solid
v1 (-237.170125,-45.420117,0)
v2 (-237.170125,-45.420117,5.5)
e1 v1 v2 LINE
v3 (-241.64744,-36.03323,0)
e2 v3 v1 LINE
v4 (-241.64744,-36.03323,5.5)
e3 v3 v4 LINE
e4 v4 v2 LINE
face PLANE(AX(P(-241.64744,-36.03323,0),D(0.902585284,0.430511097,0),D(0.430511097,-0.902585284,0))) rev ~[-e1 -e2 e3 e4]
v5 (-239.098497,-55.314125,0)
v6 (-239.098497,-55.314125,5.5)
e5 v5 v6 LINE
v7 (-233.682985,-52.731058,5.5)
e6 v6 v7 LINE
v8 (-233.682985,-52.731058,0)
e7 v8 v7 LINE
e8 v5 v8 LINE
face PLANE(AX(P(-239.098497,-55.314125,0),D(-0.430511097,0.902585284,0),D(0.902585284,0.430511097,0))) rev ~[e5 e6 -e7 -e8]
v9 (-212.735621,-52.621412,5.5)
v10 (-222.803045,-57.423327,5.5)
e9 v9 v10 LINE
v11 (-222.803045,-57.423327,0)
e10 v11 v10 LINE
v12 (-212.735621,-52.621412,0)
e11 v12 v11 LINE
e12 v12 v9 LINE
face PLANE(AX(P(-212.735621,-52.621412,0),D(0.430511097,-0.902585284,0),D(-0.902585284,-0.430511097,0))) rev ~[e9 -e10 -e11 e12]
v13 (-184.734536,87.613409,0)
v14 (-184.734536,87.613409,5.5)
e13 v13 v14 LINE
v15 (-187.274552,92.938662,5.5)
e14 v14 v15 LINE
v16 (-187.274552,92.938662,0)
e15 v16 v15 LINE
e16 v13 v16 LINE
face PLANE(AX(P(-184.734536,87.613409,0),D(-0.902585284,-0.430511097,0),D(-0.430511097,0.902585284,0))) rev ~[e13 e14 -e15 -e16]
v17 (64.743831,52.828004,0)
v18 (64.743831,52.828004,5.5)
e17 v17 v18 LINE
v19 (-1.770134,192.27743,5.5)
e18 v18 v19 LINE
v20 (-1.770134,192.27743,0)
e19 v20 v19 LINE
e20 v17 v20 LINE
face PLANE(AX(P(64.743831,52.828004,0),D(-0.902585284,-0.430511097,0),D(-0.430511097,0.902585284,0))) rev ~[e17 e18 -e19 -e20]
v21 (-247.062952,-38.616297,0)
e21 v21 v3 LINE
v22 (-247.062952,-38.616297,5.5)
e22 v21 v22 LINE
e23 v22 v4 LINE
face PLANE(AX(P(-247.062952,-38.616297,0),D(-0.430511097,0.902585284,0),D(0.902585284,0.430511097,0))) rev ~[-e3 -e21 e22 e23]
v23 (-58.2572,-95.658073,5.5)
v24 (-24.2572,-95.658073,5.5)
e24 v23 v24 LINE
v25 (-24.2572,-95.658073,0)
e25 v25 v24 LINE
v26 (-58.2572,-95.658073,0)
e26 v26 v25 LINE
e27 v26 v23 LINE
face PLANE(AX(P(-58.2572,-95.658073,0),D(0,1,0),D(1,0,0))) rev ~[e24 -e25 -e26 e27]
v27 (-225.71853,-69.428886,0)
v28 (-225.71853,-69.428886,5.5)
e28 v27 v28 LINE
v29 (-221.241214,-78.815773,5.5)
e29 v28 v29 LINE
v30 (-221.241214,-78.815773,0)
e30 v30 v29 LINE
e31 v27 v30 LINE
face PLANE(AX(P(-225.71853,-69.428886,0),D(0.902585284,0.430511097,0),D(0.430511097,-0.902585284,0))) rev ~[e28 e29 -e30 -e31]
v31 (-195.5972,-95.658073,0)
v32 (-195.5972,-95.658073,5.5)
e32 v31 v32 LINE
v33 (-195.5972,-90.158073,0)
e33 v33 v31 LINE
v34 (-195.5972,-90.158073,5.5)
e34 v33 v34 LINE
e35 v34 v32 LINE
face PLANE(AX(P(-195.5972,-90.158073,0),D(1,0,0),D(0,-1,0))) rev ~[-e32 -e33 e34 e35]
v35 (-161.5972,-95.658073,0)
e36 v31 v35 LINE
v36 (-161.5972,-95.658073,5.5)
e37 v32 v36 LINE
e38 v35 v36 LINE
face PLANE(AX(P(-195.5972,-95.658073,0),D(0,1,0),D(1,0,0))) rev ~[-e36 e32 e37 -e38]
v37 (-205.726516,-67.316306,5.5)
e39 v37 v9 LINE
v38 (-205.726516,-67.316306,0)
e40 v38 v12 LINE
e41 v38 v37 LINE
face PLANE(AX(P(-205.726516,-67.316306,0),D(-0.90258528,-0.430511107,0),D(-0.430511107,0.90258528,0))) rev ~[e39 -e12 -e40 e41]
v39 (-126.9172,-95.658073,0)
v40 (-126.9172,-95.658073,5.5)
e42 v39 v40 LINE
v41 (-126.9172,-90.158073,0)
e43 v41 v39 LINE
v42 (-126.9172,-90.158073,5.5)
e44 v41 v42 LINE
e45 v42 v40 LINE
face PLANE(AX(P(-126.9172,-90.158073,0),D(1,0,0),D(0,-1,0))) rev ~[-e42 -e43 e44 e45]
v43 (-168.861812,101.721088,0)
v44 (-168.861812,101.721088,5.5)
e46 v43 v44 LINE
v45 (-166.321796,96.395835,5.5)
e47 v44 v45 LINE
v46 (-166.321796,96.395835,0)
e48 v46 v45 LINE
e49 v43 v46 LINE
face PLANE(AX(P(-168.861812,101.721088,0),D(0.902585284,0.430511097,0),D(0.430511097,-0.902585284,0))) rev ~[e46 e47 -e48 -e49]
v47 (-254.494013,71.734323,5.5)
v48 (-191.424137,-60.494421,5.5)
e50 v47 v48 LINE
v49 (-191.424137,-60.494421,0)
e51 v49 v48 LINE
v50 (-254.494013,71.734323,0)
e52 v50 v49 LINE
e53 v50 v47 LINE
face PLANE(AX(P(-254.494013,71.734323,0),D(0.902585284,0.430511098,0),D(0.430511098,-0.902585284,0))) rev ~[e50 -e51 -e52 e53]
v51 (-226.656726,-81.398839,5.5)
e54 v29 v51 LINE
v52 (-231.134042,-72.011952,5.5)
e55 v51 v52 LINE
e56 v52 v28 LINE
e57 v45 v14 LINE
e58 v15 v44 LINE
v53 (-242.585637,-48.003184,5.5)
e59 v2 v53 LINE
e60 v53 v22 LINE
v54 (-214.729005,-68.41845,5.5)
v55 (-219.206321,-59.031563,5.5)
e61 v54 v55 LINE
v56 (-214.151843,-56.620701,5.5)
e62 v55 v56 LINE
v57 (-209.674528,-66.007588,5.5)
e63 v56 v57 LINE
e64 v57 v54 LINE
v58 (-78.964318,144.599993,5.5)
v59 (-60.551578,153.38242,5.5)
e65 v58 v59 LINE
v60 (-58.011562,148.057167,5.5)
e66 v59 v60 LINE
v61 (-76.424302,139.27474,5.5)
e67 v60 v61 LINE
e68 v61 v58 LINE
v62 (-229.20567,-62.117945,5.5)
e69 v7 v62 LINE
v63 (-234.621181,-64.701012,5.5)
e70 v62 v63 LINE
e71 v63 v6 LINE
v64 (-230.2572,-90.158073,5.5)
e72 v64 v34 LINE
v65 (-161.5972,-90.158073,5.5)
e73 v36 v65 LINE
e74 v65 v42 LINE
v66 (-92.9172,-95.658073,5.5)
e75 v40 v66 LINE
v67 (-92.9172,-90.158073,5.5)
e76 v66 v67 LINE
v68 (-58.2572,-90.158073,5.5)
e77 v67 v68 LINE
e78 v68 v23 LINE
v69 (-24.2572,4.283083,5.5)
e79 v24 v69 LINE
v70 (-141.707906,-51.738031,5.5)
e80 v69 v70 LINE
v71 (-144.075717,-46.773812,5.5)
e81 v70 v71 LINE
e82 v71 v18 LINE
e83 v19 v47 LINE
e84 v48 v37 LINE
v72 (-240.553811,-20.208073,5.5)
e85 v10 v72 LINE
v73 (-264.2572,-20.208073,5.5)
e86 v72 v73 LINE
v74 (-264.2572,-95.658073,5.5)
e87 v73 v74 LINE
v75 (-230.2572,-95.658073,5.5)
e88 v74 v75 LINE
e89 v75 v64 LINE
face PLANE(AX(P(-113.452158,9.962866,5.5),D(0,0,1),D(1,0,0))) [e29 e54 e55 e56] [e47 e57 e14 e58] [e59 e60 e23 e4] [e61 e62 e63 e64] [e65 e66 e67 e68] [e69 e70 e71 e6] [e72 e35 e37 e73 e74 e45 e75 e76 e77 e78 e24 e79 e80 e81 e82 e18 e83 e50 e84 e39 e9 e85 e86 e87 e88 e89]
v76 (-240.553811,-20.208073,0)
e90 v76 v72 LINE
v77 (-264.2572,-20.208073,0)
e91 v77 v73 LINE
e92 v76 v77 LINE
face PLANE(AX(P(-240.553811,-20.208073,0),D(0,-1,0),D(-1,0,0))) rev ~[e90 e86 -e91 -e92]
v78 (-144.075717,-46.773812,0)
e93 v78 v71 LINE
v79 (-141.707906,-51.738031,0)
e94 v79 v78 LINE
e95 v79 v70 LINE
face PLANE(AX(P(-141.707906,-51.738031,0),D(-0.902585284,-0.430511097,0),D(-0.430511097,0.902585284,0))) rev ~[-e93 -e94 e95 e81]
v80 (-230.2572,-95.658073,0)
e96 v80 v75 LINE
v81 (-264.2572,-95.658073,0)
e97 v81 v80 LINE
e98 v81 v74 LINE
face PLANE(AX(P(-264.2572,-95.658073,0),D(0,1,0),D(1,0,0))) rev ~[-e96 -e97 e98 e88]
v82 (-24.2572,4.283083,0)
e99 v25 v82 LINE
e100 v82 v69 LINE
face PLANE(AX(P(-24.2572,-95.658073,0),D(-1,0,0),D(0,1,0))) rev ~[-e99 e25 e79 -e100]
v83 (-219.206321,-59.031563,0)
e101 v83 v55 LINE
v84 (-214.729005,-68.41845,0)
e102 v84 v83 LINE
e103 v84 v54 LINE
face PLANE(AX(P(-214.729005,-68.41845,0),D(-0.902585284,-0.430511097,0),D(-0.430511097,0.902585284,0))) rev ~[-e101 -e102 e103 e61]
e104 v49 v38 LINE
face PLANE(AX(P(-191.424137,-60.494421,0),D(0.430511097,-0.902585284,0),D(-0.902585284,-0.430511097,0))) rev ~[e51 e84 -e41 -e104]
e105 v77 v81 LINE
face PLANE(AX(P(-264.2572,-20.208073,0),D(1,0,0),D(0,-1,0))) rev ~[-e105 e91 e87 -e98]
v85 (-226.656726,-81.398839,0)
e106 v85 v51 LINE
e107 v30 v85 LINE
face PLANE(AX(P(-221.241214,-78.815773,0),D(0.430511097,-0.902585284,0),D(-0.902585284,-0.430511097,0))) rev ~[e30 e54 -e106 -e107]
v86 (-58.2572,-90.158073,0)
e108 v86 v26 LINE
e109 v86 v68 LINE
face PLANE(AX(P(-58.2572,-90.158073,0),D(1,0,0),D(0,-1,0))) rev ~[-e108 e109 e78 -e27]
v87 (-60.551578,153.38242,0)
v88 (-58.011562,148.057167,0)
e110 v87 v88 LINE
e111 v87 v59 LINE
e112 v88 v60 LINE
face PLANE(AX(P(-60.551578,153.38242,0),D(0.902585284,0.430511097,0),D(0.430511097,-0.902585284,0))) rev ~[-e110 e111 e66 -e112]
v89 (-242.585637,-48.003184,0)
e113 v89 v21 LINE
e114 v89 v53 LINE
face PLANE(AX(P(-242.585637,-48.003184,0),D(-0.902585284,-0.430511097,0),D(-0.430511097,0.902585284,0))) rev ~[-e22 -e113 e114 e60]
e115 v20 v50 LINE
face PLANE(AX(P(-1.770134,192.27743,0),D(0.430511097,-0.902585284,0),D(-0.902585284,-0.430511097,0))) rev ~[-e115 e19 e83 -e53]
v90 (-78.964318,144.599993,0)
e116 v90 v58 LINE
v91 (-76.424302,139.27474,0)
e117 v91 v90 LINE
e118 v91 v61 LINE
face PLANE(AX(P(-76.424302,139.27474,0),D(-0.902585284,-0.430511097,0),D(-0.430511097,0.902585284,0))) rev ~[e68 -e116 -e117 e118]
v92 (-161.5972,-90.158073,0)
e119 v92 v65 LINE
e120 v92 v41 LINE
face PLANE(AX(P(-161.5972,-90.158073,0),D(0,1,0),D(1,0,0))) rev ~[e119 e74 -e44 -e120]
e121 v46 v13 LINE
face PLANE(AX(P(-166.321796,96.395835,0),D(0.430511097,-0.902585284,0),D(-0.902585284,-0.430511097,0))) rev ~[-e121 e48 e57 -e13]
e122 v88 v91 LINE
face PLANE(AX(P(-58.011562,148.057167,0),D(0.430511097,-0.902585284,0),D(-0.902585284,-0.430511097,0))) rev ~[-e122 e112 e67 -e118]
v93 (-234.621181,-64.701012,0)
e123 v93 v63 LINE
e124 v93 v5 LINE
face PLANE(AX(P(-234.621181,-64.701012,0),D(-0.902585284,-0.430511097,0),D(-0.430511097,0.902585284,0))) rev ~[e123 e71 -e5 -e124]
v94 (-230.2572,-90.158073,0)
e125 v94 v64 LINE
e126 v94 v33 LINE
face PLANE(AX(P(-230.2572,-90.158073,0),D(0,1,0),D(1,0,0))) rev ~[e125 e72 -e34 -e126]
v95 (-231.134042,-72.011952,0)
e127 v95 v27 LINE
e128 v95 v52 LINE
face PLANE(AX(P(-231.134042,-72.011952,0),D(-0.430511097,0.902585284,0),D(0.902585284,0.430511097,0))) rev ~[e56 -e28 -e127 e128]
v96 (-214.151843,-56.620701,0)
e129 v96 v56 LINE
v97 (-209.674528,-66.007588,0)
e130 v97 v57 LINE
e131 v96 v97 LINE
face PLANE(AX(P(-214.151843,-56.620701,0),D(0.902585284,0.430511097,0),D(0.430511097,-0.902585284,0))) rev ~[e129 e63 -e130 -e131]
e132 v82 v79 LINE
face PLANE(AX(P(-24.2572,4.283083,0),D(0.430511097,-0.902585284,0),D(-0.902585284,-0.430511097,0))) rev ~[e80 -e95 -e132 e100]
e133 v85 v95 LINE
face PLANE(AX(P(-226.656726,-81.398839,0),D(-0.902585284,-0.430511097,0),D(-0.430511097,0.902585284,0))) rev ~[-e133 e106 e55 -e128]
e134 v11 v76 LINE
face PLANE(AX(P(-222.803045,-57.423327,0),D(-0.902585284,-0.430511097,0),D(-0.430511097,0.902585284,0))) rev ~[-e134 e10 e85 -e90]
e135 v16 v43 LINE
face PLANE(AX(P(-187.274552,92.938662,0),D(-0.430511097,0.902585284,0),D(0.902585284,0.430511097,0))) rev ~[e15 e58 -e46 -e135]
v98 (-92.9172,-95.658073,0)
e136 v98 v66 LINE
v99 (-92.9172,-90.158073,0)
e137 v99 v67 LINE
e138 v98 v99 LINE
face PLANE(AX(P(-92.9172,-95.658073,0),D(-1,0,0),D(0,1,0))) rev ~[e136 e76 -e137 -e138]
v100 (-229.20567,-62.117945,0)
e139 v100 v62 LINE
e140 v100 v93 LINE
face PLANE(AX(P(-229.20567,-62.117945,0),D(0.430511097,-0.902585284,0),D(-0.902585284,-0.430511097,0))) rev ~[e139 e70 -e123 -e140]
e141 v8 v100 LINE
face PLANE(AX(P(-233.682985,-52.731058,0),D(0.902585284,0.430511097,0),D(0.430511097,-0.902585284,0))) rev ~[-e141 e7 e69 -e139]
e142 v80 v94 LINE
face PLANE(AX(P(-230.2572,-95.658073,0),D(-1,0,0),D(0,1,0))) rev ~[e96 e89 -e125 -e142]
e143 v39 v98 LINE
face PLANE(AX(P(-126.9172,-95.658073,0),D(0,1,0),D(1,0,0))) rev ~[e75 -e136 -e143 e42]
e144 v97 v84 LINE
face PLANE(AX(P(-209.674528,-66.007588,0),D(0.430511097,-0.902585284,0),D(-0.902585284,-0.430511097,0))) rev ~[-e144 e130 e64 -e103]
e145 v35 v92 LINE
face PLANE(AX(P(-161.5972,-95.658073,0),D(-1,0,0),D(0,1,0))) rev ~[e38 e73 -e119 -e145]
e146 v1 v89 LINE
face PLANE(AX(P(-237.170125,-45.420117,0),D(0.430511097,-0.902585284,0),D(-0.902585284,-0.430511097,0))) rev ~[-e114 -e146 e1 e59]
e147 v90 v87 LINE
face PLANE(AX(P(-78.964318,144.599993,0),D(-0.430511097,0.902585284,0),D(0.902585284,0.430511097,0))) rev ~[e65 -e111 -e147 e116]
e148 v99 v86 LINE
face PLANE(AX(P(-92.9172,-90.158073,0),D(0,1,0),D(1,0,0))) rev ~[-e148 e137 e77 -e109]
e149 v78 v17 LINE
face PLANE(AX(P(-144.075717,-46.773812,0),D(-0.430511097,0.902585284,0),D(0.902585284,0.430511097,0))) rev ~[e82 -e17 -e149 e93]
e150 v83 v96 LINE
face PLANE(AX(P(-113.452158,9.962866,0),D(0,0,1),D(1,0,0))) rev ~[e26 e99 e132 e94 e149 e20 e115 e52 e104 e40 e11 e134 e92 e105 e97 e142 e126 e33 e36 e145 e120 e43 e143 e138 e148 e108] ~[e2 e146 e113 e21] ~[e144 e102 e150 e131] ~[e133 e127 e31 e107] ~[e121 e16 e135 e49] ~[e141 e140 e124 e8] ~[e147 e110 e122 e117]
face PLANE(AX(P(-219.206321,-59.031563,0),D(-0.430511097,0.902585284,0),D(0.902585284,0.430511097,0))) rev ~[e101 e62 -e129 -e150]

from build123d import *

# Parameters (mm, degrees)
BOSS_EXTRUDE1_DEPTH = 5.5


with BuildPart() as part:
    # Sketch1 → Boss-Extrude1 (new body)
    with BuildSketch(Plane.XY):
        Polygon((-264.257200354, -90.158072964), (-264.257200354, -95.658072964), (-230.257200354, -95.658072964), (-230.257200354, -90.158072964), (-195.597200354, -90.158072964), (-195.597200354, -95.658072964), (-161.597200354, -95.658072964), (-161.597200354, -90.158072964), (-126.917200354, -90.158072964), (-126.917200354, -95.658072964), (-92.917200354, -95.658072964), (-92.917200354, -90.158072964), (-58.257200354, -90.158072964), (-58.257200354, -95.658072964), (-24.257200354, -95.658072964), (-24.257200354, -90.158072964), (-24.257200354, 4.28308251), (-141.707906421, -51.738030582), (-144.075717453, -46.773811518), (64.743830776, 52.828003736), (-1.770133681, 192.277430168), (-254.494013299, 71.734323062), (-191.424137459, -60.49442102), (-205.726515812, -67.316305554), (-212.73562074, -52.621411895), (-222.803045061, -57.423326974), (-240.553810667, -20.208072964), (-264.257200354, -20.208072964), align=None)
        Polygon((-226.65672616, -81.398839397), (-231.134041567, -72.01195244), (-225.718529861, -69.428885859), (-221.241214454, -78.815772816), align=None, mode=Mode.SUBTRACT)
        Polygon((-214.729005488, -68.418450138), (-219.206320895, -59.031563181), (-214.151843303, -56.620701038), (-209.674527896, -66.007587996), align=None, mode=Mode.SUBTRACT)
        Polygon((-233.682985152, -52.731058098), (-229.205669745, -62.117945056), (-234.621181451, -64.701011637), (-239.098496858, -55.314124679), align=None, mode=Mode.SUBTRACT)
        Polygon((-241.647440443, -36.033230338), (-237.170125036, -45.420117295), (-242.585636742, -48.003183876), (-247.062952149, -38.616296919), align=None, mode=Mode.SUBTRACT)
        Polygon((-168.861811902, 101.721088208), (-166.321796431, 96.39583503), (-184.734536232, 87.613408655), (-187.274551703, 92.938661833), align=None, mode=Mode.SUBTRACT)
        Polygon((-60.55157778, 153.382419825), (-58.011562309, 148.057166647), (-76.42430211, 139.274740272), (-78.964317581, 144.59999345), align=None, mode=Mode.SUBTRACT)
    extrude(amount=BOSS_EXTRUDE1_DEPTH)


solid = part.part
